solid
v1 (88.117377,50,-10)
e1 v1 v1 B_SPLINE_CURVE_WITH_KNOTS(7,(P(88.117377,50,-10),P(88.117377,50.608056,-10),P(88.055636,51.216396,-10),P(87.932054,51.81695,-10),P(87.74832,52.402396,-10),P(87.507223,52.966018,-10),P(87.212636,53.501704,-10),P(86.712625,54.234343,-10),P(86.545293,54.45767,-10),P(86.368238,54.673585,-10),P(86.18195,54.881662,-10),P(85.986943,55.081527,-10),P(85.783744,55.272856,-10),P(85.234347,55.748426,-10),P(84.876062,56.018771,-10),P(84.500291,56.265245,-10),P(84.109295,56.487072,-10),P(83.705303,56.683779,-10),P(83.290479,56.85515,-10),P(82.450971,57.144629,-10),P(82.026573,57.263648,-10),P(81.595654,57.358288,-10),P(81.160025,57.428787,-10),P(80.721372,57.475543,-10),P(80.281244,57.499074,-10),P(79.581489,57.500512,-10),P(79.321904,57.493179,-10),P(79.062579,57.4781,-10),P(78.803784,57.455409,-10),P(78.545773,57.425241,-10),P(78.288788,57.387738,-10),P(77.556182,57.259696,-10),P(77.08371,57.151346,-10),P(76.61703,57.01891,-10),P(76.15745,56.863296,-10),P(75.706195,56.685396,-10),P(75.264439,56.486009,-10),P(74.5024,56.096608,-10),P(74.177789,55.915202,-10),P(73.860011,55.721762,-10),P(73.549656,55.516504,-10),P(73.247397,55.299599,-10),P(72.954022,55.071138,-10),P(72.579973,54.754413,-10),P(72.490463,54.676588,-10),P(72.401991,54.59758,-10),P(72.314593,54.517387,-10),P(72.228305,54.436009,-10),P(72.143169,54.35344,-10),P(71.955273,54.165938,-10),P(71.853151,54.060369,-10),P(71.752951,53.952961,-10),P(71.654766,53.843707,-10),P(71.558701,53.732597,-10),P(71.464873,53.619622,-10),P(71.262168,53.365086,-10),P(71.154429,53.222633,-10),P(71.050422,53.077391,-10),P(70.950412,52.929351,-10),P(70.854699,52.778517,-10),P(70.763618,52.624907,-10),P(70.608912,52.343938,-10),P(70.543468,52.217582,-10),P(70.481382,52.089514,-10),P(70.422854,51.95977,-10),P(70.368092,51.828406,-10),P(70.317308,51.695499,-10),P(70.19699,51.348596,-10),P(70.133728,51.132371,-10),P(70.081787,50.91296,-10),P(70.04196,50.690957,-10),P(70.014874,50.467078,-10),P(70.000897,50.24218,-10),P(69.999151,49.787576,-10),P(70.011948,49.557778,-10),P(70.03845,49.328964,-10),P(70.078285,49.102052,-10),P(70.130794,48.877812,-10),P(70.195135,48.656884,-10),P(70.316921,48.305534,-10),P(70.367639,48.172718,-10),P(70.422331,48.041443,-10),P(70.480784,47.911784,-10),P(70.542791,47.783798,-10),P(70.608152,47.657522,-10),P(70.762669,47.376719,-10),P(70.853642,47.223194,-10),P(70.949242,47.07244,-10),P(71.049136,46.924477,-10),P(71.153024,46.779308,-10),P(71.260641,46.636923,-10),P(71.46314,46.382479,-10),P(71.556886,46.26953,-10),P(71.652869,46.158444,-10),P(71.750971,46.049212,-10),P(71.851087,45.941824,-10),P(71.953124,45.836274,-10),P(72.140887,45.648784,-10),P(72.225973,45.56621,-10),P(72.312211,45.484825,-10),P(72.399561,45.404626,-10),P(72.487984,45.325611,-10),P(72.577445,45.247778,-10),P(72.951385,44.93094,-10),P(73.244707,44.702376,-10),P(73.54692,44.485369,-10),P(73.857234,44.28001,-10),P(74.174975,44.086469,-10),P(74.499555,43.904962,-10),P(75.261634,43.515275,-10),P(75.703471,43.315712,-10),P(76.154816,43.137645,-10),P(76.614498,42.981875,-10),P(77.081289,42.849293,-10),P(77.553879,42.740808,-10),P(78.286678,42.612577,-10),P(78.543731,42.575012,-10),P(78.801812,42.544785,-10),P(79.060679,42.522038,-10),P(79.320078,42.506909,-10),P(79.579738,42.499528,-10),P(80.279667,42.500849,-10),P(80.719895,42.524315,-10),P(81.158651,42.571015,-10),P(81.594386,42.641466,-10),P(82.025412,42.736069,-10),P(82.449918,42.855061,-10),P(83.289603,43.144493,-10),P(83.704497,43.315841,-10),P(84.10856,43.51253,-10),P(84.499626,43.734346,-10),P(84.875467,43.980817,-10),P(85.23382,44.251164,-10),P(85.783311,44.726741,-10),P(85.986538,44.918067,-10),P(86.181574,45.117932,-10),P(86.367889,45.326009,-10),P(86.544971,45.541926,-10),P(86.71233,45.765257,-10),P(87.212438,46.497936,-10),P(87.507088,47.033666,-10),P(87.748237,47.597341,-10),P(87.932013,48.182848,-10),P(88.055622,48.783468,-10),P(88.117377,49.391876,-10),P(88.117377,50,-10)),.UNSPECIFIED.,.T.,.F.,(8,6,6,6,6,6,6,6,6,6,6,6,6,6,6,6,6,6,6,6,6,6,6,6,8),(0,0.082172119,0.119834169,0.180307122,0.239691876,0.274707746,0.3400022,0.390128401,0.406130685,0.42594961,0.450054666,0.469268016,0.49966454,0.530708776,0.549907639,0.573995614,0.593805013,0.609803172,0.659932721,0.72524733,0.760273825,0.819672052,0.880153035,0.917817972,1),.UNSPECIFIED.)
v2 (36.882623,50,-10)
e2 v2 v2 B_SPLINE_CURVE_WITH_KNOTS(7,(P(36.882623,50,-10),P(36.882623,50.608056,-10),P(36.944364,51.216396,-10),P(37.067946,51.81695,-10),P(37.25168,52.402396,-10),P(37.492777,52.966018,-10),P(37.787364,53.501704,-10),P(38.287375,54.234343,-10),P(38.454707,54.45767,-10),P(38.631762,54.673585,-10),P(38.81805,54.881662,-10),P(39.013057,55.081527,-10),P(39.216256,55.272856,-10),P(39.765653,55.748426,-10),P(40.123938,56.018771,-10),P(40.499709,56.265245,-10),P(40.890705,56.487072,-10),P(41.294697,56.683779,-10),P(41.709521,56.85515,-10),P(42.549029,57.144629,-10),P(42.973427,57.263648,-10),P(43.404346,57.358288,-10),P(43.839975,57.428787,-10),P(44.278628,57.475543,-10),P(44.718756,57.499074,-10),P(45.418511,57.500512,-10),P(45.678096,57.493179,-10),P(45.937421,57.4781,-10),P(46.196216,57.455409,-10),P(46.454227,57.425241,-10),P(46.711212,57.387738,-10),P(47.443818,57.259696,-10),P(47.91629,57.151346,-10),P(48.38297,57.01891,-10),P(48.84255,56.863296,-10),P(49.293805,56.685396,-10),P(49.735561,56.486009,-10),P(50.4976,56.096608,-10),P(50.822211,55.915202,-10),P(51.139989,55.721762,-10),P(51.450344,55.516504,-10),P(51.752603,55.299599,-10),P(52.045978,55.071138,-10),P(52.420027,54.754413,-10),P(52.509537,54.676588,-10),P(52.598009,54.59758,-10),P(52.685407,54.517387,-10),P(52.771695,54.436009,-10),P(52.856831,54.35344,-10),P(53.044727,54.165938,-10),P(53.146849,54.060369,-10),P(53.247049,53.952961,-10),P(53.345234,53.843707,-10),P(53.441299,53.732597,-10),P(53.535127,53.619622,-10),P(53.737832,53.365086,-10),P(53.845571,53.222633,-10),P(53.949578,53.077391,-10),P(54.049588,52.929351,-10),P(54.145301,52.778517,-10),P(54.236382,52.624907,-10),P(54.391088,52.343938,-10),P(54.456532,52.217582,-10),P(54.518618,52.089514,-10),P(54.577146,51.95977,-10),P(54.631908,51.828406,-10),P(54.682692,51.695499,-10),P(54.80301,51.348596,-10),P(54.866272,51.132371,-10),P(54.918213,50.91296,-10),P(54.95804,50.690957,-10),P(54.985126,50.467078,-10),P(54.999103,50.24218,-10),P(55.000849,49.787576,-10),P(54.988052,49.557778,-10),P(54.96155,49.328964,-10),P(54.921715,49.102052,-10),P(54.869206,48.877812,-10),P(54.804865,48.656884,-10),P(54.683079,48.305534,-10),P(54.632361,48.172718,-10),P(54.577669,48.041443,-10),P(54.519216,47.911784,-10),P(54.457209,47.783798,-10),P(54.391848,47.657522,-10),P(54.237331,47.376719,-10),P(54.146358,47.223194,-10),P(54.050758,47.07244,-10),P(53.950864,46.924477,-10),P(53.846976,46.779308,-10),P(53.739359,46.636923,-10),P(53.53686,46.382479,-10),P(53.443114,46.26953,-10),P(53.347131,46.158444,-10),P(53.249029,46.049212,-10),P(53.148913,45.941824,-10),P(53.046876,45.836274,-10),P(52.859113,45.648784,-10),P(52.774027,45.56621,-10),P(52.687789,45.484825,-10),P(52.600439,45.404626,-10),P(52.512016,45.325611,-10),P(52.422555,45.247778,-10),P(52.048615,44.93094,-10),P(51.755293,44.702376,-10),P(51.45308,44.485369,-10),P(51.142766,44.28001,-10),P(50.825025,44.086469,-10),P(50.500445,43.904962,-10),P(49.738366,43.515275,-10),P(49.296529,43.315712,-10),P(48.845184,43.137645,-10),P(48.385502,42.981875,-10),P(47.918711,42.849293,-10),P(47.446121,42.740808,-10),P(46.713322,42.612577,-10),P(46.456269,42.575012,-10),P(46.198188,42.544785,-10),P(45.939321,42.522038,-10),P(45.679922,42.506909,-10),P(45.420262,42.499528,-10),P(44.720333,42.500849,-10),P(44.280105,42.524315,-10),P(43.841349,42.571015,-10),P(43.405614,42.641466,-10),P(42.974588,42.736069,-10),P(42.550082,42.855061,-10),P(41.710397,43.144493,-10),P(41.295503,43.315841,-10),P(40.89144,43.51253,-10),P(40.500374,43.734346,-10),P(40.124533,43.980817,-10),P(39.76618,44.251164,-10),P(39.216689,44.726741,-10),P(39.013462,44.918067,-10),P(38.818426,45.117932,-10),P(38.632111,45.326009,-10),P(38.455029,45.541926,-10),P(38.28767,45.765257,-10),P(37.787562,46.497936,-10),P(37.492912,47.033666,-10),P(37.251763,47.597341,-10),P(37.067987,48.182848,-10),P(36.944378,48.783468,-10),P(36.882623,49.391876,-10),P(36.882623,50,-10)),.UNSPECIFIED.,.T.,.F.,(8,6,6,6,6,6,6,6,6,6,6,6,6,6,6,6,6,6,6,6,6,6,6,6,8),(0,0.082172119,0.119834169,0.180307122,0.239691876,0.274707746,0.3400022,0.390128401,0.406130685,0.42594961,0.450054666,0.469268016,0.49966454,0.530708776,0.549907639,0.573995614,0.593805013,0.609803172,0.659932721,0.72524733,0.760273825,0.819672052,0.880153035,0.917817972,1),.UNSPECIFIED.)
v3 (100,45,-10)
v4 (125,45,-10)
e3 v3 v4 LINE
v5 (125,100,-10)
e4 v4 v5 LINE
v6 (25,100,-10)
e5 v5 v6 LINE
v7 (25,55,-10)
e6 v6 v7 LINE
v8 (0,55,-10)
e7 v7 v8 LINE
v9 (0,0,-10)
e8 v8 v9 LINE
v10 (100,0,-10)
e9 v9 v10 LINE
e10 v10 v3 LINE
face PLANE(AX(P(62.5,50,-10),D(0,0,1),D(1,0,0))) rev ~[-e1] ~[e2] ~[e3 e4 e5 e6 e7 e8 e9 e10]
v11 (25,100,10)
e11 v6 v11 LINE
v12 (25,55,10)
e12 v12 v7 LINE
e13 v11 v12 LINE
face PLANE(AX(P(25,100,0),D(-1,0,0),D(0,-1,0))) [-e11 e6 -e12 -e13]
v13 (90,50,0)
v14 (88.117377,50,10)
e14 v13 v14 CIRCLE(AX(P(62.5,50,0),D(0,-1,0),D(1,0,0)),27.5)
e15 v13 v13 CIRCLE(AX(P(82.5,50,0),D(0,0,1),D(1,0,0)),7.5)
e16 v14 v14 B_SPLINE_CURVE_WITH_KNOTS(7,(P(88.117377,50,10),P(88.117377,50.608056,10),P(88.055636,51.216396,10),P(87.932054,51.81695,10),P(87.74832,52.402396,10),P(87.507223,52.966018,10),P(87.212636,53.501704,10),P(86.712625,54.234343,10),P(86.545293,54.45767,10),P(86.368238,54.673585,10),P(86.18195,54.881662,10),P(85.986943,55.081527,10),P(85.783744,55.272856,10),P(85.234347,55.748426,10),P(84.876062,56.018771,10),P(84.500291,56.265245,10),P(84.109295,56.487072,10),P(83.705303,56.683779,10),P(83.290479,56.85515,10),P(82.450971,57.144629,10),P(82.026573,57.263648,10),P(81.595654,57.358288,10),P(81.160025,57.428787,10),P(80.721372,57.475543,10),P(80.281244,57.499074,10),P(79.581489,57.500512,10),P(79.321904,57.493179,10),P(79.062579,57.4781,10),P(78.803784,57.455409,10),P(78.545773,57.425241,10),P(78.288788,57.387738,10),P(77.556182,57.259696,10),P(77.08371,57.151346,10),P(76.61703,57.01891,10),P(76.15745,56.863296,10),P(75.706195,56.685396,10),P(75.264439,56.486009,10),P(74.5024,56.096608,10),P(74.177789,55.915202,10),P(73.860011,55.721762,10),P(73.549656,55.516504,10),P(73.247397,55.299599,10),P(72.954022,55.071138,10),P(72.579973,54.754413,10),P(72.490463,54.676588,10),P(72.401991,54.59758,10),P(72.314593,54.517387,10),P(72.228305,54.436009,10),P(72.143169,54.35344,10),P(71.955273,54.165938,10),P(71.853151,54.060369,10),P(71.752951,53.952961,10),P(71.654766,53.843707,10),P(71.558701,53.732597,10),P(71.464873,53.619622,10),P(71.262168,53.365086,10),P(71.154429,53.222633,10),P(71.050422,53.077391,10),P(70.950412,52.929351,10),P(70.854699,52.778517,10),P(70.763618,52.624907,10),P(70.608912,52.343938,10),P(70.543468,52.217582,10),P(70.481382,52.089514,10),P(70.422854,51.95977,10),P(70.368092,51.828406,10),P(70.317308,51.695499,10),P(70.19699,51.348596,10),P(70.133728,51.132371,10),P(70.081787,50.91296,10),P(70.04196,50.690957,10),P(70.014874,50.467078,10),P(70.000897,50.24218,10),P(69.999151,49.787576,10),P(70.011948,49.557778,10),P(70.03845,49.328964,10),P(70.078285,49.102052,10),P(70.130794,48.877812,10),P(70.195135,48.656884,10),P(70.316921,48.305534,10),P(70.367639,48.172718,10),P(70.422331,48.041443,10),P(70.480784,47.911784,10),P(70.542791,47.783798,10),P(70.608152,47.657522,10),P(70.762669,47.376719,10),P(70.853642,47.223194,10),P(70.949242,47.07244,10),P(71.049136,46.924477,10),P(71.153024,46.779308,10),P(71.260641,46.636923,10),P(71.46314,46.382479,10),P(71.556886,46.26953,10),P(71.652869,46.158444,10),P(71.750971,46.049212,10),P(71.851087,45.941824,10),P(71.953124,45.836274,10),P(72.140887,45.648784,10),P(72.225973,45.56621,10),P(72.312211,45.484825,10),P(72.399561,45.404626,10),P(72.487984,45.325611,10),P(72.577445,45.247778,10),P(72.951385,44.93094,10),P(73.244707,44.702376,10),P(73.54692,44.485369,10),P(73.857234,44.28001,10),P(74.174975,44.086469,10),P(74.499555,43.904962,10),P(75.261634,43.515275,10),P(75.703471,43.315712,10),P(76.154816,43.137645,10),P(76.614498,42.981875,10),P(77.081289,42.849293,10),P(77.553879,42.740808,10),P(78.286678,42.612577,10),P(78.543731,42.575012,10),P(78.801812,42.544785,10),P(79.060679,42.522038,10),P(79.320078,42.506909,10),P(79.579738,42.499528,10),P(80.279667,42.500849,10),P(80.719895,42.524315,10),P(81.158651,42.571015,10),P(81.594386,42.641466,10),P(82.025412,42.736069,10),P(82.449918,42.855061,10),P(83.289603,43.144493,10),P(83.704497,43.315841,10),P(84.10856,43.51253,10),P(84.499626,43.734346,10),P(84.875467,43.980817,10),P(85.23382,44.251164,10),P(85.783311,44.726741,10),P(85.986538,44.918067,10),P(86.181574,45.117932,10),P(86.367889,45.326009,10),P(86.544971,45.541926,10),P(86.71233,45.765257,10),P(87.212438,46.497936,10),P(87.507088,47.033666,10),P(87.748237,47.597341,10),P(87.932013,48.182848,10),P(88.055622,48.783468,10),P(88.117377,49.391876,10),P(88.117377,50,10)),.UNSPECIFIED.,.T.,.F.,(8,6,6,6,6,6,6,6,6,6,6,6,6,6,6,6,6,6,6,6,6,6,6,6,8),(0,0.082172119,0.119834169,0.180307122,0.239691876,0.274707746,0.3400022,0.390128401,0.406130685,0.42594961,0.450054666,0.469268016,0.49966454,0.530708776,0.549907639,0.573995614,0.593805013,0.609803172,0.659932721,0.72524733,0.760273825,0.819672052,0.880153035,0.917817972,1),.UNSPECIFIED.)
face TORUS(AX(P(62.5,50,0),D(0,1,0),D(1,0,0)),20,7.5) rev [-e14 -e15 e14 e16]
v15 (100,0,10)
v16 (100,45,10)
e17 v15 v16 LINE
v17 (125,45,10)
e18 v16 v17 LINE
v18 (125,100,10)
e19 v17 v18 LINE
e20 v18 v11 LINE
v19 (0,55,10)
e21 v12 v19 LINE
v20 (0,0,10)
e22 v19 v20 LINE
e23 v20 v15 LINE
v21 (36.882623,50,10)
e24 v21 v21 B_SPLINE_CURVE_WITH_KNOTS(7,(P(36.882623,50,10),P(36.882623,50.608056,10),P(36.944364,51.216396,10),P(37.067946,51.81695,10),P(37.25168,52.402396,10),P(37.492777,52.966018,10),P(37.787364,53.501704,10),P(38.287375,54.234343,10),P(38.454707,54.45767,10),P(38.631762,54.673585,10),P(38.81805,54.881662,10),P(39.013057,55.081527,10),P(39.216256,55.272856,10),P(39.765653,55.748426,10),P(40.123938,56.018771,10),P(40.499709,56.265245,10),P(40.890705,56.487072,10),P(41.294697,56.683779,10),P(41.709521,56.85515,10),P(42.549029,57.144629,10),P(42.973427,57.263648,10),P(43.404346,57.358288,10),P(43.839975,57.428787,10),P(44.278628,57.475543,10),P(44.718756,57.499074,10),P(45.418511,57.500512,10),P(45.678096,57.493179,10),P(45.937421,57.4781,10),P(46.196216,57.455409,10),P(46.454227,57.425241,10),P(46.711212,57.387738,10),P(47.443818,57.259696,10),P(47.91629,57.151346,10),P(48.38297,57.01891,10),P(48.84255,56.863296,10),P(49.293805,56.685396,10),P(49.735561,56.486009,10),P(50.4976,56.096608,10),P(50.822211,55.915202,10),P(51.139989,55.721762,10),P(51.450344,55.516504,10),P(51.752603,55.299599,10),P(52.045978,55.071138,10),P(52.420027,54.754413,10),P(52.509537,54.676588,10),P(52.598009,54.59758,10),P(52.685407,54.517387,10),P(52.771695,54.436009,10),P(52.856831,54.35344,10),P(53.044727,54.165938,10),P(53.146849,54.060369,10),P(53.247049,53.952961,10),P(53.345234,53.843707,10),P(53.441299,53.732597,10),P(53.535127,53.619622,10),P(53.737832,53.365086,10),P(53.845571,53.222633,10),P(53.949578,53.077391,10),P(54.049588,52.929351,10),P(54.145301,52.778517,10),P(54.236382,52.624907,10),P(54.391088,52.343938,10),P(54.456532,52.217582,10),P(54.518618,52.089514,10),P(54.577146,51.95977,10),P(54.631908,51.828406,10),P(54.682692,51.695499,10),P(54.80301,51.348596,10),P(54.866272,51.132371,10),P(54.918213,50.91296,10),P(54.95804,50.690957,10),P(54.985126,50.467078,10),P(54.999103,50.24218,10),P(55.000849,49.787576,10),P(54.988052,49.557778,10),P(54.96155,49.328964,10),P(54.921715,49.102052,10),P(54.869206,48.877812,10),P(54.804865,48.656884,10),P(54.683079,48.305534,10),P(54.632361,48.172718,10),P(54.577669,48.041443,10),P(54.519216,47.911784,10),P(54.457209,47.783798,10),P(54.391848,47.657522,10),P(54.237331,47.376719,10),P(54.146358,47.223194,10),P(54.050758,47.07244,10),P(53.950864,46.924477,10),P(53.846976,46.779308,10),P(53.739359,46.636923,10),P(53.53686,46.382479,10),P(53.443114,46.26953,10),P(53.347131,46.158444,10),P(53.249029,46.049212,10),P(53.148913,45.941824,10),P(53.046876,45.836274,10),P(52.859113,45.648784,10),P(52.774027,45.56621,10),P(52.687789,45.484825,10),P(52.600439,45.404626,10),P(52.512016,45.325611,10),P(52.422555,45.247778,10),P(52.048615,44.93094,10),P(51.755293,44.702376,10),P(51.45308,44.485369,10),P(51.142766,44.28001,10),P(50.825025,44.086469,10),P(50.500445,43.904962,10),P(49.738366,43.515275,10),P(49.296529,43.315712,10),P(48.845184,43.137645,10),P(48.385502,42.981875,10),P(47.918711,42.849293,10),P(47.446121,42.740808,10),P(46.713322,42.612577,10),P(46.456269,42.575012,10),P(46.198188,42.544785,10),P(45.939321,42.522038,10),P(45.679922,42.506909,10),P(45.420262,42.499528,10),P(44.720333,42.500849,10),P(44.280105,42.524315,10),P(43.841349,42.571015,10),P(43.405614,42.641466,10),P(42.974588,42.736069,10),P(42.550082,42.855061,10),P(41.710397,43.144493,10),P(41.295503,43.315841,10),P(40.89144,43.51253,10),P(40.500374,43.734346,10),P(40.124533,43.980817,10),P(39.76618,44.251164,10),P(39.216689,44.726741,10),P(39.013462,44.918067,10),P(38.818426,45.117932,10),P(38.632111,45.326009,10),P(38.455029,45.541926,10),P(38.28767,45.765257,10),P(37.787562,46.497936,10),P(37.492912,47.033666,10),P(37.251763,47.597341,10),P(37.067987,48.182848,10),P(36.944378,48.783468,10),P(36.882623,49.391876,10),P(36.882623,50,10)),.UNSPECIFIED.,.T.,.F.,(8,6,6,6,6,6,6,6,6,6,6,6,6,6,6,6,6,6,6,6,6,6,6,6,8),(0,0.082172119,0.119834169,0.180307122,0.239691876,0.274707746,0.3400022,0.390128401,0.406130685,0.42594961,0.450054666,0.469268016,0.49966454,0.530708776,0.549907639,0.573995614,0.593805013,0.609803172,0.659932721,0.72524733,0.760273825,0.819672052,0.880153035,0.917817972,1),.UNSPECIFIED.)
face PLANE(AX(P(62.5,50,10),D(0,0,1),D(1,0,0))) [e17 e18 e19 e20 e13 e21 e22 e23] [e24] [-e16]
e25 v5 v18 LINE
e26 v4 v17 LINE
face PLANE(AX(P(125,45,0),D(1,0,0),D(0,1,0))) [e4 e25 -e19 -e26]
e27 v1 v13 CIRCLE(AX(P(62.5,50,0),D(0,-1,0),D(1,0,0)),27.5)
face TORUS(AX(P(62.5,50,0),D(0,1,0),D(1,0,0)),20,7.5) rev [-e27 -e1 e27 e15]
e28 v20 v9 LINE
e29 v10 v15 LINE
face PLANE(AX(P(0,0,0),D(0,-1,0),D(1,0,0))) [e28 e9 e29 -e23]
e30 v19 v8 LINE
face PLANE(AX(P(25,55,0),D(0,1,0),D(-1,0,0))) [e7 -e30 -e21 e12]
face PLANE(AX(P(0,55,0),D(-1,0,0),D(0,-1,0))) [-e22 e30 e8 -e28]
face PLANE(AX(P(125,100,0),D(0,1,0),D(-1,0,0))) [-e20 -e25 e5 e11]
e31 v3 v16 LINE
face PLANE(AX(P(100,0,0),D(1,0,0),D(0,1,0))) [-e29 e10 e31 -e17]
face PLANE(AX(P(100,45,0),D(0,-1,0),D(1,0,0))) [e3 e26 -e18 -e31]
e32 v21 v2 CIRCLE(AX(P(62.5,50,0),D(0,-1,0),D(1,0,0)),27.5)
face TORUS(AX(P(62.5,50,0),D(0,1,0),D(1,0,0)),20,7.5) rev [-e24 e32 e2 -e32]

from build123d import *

# Parameters (mm, degrees)
BOSS_EXTRUDE1_DEPTH      = 10
BOSS_EXTRUDE1_DEPTH_BACK = 10
SKETCH2_R                = 7.5


with BuildPart() as part:
    # Sketch1 → Boss-Extrude1 (new, two sides: drawn at the far end of the back side and taken through both)
    with BuildSketch(Plane.XY.offset(-BOSS_EXTRUDE1_DEPTH_BACK)):
        Polygon((0, 0), (100, 0), (100, 45), (125, 45), (125, 100), (25, 100), (25, 55), (0, 55), align=None)
    extrude(amount=BOSS_EXTRUDE1_DEPTH + BOSS_EXTRUDE1_DEPTH_BACK)

    # Sketch2 → Cut-Revolve2 (revolve, cut)
    with BuildSketch(Plane.XY):
        with Locations((82.5, 50)):
            Circle(SKETCH2_R)
    revolve(axis=Axis((62.5, 50.212189842, 0), (0, -1, 0)), mode=Mode.SUBTRACT)


solid = part.part
